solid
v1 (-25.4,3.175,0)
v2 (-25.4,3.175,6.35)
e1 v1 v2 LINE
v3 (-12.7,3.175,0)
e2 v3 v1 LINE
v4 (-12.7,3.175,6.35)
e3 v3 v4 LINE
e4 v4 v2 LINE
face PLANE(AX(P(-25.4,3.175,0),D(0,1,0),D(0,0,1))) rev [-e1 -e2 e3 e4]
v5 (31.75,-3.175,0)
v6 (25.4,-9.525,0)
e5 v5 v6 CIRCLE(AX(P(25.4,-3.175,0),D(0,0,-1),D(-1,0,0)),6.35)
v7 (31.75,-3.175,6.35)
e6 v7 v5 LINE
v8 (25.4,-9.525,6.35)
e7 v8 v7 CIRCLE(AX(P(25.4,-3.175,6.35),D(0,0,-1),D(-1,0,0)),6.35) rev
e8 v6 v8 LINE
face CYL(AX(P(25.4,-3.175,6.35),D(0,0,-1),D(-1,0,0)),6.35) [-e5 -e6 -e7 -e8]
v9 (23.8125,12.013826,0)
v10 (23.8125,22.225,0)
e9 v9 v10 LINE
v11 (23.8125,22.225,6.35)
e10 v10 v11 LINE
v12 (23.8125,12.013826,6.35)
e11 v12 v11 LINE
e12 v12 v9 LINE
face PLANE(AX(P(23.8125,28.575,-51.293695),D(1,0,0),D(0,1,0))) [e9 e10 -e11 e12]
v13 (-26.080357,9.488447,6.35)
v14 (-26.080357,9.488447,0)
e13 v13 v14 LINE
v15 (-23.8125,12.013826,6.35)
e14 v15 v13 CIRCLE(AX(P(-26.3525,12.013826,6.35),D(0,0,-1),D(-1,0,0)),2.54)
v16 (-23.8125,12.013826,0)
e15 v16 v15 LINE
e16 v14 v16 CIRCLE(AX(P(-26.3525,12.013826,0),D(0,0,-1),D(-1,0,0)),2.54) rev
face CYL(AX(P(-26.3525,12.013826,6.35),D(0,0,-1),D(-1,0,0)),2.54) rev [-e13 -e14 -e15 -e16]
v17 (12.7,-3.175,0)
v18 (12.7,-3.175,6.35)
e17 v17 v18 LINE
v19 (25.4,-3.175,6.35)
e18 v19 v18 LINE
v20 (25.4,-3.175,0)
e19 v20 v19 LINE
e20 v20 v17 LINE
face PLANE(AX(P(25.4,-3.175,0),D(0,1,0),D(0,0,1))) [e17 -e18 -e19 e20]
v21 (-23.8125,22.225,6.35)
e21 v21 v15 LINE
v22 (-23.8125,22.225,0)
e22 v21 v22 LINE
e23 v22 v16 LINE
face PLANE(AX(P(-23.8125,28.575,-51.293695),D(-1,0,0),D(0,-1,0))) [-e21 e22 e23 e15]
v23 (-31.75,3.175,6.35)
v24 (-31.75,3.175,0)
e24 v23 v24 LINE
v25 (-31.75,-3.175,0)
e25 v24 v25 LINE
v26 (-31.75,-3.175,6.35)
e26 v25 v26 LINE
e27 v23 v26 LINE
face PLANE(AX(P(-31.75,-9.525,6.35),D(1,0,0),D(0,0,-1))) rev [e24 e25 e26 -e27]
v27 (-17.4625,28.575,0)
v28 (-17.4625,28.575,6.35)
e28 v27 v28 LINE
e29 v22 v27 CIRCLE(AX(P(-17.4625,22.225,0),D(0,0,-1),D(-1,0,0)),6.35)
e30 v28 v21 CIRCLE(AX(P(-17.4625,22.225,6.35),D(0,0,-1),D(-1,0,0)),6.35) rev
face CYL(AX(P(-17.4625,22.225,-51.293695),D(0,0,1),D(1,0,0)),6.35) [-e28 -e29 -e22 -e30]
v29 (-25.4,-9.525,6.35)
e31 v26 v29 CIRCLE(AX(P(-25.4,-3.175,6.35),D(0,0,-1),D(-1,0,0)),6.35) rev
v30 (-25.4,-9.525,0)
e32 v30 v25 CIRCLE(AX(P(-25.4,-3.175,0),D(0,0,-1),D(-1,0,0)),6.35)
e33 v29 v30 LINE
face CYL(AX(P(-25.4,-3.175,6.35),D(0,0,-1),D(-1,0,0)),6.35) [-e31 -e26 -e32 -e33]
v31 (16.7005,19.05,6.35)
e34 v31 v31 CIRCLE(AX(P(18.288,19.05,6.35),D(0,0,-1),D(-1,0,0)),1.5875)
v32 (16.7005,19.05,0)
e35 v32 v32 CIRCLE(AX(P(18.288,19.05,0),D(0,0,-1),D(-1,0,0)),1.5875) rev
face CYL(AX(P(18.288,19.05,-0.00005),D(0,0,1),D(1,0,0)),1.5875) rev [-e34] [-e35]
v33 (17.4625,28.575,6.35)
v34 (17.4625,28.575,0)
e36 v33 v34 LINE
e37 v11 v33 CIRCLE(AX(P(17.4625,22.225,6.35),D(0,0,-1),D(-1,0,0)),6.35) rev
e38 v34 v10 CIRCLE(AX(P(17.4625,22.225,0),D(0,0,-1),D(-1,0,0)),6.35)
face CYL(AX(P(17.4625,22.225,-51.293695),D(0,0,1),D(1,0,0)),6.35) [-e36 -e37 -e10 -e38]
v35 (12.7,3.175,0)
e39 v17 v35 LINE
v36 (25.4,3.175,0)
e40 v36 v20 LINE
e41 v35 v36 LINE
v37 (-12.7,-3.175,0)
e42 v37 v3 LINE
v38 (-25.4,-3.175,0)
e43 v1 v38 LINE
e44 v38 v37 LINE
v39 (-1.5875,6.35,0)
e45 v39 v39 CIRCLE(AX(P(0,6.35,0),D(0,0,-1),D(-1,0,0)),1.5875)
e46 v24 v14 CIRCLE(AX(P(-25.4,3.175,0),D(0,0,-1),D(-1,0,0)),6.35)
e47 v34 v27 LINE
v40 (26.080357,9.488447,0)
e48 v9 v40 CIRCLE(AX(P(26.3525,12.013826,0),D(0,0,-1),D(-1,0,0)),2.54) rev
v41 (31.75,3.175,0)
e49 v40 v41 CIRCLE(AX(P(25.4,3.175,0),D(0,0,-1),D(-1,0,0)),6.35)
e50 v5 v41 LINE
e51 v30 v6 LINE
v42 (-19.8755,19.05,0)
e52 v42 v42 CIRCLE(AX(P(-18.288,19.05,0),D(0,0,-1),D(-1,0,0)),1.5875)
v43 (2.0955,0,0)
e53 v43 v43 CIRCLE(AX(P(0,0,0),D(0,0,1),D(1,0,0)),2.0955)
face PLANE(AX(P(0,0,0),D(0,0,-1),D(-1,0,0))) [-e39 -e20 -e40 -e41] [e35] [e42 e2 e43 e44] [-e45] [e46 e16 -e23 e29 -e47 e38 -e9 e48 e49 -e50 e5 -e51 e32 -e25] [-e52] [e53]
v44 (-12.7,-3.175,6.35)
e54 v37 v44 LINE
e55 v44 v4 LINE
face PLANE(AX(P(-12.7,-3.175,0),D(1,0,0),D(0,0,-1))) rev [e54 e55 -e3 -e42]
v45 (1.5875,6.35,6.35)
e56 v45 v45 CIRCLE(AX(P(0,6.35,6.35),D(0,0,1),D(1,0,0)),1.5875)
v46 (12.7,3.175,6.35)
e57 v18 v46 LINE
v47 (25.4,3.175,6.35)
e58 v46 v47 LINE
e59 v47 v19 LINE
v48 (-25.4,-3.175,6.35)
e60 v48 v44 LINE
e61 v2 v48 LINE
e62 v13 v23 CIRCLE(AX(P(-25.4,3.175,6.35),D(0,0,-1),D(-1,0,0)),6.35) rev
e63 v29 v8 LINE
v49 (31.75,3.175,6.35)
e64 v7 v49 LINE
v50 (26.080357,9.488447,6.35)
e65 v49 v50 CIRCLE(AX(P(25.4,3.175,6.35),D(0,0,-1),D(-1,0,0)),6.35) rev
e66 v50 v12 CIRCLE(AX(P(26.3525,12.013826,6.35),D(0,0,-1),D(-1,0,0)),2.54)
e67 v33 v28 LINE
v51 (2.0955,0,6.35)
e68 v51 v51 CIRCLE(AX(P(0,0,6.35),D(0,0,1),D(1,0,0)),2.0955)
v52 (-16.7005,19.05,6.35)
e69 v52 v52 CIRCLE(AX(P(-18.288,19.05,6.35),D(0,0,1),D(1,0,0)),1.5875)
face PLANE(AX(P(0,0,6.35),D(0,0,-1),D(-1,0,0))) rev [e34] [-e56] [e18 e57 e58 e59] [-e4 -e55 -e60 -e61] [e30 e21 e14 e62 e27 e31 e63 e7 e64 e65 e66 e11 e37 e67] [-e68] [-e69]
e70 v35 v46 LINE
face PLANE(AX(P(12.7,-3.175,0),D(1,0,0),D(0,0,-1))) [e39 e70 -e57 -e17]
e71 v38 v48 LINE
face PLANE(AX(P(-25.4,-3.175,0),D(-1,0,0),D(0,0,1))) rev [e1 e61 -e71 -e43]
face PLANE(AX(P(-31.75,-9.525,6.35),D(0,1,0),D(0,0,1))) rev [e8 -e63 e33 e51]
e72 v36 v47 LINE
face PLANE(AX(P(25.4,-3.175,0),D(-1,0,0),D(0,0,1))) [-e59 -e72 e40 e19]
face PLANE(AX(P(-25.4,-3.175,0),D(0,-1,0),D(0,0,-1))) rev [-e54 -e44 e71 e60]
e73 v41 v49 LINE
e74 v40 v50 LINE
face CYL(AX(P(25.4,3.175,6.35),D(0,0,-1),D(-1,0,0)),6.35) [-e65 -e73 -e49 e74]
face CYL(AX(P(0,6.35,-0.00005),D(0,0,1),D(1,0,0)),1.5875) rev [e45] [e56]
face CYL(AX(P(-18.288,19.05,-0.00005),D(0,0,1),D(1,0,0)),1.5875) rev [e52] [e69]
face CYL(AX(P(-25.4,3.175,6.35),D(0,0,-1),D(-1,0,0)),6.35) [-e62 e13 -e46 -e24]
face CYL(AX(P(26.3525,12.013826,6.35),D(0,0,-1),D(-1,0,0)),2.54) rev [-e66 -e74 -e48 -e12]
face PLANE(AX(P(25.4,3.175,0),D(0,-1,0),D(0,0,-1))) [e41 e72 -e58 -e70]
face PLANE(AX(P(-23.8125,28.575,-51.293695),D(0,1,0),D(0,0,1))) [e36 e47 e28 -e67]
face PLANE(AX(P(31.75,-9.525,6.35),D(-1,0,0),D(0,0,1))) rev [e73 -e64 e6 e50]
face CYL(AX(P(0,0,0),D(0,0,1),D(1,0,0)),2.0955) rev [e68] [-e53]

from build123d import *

# Parameters (mm, degrees)
SKETCH1_W           = 63.5
SKETCH1_H           = 19.05
BOSS_EXTRUDE1_DEPTH = 6.35
SKETCH2_R           = 2.0955
CUT_EXTRUDE1_DEPTH  = 34.750712955
SKETCH3_W           = 12.7
SKETCH3_H           = 6.35
CUT_EXTRUDE2_DEPTH  = 34.750712955
SKETCH4_W           = 47.625
SKETCH4_H           = 19.05
BOSS_EXTRUDE2_DEPTH = 6.35
SKETCH5_R           = 1.5875
CUT_EXTRUDE3_DEPTH  = 44.184668865
SKETCH6_R           = 1.5875
CUT_EXTRUDE4_DEPTH  = 44.184668865
FILLET3_R           = 6.35
FILLET4_R           = 2.54


with BuildPart() as part:
    # Sketch1 → Boss-Extrude1 (new body)
    with BuildSketch(Plane.XY):
        Rectangle(SKETCH1_W, SKETCH1_H)
    extrude(amount=BOSS_EXTRUDE1_DEPTH)

    # Sketch2 → Cut-Extrude1 (cut, through all)
    with BuildSketch(Plane.XY.offset(6.35)):
        Circle(SKETCH2_R)
    extrude(amount=-CUT_EXTRUDE1_DEPTH, mode=Mode.SUBTRACT)

    # Sketch3 → Cut-Extrude2 (cut, through all)
    with BuildSketch(Plane.XY.offset(6.35)):
        with Locations((-19.05, 0)):
            Rectangle(SKETCH3_W, SKETCH3_H)
    cut_extrude2 = extrude(amount=-CUT_EXTRUDE2_DEPTH, mode=Mode.SUBTRACT)

    # Mirror1: Cut-Extrude2 across plane
    add(cut_extrude2.mirror(Plane(origin=(0, 0, 0), x_dir=(0, 0, 1), z_dir=(1, 0, 0))), mode=Mode.SUBTRACT)

    # Sketch4 → Boss-Extrude2 (add)
    with BuildSketch(Plane.XY.offset(6.35)):
        with Locations((0, 19.05)):
            Rectangle(SKETCH4_W, SKETCH4_H)
    extrude(amount=-BOSS_EXTRUDE2_DEPTH)

    # Sketch5 → Cut-Extrude3 (cut, through all)
    with BuildSketch(Plane.XY.offset(6.35)):
        with Locations((-18.288, 19.05)):
            Circle(SKETCH5_R)
    cut_extrude3 = extrude(amount=-CUT_EXTRUDE3_DEPTH, mode=Mode.SUBTRACT)

    # Mirror2: Cut-Extrude3 across plane
    add(cut_extrude3.mirror(Plane(origin=(0, 0, 0), x_dir=(0, 0, 1), z_dir=(1, 0, 0))), mode=Mode.SUBTRACT)

    # Sketch6 → Cut-Extrude4 (cut, through all)
    with BuildSketch(Plane.XY.offset(6.35)):
        with Locations((0, 6.35)):
            Circle(SKETCH6_R)
    extrude(amount=-CUT_EXTRUDE4_DEPTH, mode=Mode.SUBTRACT)

    # Fillet3
    fillet3_edges = [part.edges().sort_by_distance(p)[0] for p in [
        (23.8125, 28.575, 3.175),
        (-23.8125, 28.575, 3.175),
        (31.75, -9.525, 3.175),
        (-31.75, -9.525, 3.175),
        (-31.75, 9.525, 3.175),
        (31.75, 9.525, 3.175),
    ]]
    fillet(fillet3_edges, radius=FILLET3_R)

    # Fillet4
    fillet4_edges = [part.edges().sort_by_distance(p)[0] for p in [
        (23.8125, 9.525, 3.175),
        (-23.8125, 9.525, 3.175),
    ]]
    fillet(fillet4_edges, radius=FILLET4_R)


solid = part.part
